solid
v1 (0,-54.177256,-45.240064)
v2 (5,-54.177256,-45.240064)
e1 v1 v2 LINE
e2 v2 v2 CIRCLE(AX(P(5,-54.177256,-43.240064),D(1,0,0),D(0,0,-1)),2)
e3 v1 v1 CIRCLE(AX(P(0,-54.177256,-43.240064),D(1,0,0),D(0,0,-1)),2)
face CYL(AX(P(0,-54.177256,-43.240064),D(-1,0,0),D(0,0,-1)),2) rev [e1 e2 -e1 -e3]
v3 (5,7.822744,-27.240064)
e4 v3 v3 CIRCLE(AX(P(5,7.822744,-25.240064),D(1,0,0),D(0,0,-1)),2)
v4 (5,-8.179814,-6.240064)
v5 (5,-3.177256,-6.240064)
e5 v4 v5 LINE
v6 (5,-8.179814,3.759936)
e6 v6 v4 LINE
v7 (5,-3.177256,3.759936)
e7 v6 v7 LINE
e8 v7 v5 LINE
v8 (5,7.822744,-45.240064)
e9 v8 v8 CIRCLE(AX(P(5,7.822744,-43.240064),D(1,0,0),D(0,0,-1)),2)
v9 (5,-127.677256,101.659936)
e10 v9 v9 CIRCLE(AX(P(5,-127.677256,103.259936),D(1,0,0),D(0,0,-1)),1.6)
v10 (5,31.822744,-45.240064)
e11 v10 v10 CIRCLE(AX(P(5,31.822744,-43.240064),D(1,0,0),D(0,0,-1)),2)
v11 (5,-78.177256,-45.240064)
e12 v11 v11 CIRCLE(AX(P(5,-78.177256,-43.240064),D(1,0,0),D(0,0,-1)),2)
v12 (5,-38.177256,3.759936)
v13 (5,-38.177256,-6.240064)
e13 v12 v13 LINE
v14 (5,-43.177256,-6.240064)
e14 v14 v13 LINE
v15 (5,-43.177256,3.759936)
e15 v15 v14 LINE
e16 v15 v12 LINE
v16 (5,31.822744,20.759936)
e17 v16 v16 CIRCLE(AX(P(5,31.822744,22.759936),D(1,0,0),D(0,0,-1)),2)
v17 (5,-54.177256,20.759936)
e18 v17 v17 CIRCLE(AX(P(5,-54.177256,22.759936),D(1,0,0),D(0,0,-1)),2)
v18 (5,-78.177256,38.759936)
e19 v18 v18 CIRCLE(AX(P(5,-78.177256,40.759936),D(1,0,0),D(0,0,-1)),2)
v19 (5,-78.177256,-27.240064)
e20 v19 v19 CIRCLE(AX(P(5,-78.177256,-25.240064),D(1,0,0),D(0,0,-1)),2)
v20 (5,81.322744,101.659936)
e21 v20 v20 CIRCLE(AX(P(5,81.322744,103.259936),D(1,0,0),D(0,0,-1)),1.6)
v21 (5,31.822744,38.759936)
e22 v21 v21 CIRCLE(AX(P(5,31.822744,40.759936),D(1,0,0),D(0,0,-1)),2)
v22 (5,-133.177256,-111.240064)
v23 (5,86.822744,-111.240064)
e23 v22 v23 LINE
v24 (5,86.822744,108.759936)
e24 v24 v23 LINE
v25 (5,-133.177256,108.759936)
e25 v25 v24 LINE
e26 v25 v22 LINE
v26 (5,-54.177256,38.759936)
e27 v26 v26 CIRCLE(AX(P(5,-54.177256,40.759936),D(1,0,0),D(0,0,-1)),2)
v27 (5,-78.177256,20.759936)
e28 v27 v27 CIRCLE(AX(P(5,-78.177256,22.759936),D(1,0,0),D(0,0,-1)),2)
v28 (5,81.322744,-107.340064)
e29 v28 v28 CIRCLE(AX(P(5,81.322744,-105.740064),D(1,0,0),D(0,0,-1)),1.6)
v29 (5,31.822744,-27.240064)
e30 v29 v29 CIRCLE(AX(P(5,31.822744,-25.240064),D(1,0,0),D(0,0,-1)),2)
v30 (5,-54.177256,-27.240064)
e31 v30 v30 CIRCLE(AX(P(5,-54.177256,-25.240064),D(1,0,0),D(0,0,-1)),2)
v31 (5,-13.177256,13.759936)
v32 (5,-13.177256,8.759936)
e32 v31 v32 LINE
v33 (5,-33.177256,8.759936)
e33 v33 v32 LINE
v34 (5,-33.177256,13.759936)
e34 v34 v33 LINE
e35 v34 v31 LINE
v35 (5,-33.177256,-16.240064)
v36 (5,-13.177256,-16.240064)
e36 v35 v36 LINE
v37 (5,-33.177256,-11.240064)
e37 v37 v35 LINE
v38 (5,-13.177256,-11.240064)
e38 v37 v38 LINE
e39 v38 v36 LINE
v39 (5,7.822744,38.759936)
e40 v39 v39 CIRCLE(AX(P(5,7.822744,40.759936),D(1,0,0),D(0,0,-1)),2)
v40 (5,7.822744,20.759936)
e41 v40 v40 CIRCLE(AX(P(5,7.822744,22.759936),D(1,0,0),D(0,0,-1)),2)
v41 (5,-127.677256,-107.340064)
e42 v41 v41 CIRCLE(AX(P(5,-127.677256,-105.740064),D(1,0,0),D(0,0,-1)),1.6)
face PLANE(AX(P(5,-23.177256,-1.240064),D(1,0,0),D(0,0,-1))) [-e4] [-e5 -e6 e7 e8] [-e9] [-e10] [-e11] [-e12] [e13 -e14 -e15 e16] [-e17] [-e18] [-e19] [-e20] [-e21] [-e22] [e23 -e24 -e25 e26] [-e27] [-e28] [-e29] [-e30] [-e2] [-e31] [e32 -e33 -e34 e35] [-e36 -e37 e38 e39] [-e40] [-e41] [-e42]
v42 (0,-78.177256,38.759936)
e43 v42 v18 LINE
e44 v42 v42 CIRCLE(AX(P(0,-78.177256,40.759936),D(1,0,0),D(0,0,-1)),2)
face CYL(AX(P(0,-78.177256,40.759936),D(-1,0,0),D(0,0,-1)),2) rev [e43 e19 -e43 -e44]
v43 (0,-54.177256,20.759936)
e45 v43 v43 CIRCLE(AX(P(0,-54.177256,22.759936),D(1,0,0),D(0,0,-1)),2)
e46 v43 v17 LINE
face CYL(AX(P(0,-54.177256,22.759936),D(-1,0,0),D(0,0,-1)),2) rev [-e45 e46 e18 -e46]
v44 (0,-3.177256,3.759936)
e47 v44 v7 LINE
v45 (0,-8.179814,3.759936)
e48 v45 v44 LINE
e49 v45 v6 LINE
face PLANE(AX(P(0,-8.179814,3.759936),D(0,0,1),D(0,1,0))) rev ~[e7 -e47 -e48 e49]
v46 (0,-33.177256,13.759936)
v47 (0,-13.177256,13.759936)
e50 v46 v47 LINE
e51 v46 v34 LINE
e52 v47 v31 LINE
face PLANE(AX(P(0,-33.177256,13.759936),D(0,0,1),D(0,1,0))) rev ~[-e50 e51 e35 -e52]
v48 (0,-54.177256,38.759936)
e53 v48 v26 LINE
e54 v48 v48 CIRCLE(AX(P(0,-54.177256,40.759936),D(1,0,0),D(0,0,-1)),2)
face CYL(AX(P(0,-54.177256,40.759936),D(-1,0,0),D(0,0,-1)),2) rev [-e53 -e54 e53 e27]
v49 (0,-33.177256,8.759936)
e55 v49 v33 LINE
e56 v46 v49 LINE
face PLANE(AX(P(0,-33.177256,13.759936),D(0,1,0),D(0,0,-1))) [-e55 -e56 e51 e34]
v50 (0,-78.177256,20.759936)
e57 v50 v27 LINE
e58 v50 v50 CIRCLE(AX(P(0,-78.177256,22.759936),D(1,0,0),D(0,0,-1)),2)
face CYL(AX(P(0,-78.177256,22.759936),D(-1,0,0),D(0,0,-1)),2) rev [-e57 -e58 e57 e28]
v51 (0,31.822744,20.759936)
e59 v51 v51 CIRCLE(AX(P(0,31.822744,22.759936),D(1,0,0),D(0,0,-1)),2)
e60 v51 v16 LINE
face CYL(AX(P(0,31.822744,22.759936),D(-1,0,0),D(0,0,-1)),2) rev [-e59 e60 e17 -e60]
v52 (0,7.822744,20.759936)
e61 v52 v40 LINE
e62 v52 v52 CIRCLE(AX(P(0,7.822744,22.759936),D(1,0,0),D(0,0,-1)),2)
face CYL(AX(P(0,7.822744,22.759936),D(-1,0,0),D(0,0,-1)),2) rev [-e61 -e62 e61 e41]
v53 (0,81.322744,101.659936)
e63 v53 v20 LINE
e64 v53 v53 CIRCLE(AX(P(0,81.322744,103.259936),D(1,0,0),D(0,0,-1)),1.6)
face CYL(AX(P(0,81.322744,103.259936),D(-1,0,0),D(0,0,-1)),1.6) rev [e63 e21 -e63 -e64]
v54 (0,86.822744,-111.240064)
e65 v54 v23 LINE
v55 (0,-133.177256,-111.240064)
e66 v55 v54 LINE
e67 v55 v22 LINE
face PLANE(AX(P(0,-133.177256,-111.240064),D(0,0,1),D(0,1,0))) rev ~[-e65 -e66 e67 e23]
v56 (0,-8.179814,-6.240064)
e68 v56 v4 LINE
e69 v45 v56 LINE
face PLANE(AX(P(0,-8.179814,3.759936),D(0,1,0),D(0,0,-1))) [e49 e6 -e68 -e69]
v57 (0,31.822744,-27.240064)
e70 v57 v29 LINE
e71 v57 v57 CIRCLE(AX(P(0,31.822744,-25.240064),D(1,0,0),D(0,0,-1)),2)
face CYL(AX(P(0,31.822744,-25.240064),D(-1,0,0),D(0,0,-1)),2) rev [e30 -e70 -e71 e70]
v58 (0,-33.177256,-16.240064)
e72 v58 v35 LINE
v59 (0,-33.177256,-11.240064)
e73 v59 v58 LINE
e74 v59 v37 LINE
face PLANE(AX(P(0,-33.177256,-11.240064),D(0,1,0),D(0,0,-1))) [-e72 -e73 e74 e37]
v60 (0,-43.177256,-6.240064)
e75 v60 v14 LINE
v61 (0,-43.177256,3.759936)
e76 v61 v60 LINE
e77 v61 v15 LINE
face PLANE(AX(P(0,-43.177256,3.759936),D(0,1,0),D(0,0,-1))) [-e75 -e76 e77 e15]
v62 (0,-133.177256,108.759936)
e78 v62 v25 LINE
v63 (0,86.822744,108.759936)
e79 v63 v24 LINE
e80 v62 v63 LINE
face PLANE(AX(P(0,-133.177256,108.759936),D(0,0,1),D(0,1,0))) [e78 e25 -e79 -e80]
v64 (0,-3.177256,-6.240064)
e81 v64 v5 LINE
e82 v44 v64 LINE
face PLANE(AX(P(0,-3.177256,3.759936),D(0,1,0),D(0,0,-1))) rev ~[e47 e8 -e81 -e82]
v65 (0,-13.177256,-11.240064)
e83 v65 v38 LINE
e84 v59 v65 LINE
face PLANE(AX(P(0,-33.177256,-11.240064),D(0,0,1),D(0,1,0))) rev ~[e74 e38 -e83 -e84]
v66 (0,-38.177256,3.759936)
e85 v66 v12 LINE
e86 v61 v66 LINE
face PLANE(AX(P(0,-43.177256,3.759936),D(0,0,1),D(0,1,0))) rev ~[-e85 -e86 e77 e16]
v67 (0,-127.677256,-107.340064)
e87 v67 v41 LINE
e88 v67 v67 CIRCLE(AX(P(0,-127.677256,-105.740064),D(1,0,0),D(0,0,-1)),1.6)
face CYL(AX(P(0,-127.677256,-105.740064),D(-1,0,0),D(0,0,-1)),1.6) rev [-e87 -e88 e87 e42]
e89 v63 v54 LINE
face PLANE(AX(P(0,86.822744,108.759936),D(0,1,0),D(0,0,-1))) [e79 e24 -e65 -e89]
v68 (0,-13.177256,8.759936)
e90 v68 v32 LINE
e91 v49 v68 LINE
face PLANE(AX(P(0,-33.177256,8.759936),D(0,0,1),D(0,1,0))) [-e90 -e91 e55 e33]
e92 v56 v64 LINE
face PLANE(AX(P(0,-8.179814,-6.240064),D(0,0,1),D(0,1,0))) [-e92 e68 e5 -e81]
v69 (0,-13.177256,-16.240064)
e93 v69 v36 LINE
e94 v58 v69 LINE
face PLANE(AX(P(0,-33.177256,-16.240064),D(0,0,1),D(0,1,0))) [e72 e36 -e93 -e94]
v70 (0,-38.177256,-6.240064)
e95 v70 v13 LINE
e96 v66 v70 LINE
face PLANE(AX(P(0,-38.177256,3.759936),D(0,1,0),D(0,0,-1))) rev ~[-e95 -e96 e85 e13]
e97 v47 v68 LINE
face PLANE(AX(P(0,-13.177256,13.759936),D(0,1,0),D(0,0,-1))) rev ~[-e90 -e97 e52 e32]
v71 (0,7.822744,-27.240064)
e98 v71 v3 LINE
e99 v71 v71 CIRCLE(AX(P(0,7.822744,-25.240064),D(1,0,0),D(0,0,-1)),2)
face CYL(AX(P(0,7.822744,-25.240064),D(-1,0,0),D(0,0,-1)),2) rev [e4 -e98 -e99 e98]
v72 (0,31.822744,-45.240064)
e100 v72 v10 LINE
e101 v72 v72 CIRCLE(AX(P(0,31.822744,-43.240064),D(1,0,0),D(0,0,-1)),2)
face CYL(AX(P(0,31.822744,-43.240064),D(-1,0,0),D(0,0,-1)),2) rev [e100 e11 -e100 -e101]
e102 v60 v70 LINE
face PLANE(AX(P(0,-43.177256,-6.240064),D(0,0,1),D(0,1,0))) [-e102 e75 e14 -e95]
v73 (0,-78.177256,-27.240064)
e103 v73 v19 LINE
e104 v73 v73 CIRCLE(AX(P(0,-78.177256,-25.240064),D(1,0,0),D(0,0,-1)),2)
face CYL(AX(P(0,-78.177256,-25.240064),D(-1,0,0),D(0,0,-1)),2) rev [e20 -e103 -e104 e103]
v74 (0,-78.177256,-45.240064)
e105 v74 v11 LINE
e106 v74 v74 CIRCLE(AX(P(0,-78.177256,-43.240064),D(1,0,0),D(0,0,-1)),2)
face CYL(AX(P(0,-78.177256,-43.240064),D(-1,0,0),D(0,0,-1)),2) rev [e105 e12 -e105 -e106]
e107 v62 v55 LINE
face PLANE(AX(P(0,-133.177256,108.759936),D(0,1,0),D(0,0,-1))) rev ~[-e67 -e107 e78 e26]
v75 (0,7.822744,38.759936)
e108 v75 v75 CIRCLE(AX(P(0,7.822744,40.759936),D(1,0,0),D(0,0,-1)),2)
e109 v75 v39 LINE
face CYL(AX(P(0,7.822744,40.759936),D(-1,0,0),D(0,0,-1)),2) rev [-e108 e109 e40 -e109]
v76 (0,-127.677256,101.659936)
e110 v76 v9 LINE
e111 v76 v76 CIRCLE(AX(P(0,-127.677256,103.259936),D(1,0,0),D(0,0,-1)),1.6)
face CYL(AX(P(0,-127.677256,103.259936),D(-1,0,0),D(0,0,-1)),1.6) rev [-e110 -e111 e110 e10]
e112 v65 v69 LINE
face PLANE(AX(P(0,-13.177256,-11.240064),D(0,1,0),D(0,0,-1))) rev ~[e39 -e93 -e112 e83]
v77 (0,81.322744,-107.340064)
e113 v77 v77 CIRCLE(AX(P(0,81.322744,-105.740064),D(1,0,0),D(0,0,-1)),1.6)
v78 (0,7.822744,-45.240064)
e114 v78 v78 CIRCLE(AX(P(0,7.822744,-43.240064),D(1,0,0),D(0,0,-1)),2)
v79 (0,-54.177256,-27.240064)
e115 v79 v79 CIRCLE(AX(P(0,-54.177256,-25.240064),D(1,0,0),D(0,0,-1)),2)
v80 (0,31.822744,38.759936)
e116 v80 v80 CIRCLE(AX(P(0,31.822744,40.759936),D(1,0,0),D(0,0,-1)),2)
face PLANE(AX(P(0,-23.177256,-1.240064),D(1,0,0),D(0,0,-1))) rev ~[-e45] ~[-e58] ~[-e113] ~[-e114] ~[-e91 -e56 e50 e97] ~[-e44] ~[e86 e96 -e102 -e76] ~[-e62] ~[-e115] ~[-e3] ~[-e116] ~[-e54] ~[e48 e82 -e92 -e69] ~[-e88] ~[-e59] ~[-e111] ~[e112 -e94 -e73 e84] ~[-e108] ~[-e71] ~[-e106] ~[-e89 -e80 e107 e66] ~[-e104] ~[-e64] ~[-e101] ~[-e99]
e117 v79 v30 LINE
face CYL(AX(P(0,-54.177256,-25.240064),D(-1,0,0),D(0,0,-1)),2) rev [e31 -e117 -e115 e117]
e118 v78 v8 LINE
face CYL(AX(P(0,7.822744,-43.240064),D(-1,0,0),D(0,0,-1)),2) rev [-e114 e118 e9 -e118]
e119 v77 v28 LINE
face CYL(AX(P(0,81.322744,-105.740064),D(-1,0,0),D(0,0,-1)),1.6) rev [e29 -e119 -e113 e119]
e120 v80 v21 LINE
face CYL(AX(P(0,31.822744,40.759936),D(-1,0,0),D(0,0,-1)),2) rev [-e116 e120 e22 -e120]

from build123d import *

# Parameters (mm, degrees)
SKETCH_1_W      = 220
SKETCH_1_H      = 220
SKETCH_1_R      = 2
SKETCH_1_R_2    = 1.6
SKETCH_1_W_2    = 5
SKETCH_1_H_2    = 20
SKETCH_1_W_3    = 10
SKETCH_1_H_3    = 5.002557866
SKETCH_1_H_4    = 5
EXTRUDE_1_DEPTH = 5


with BuildPart() as part:
    # 草图1 → 凸台-拉伸1 (new body)
    with BuildSketch(Plane(origin=(0, 0, 0), x_dir=(0, 0, -1), z_dir=(1, 0, 0))):
        with Locations((1.240063593, -23.177255758)):
            Rectangle(SKETCH_1_W, SKETCH_1_H)
        with Locations((-22.759936407, 7.822744242)):
            Circle(SKETCH_1_R, mode=Mode.SUBTRACT)
        with Locations((-40.759936407, 7.822744242)):
            Circle(SKETCH_1_R, mode=Mode.SUBTRACT)
        with Locations((-40.759936407, 31.822744242)):
            Circle(SKETCH_1_R, mode=Mode.SUBTRACT)
        with Locations((-22.759936407, 31.822744242)):
            Circle(SKETCH_1_R, mode=Mode.SUBTRACT)
        with Locations((-22.759936407, -78.177255758)):
            Circle(SKETCH_1_R, mode=Mode.SUBTRACT)
        with Locations((-40.759936407, -78.177255758)):
            Circle(SKETCH_1_R, mode=Mode.SUBTRACT)
        with Locations((-40.759936407, -54.177255758)):
            Circle(SKETCH_1_R, mode=Mode.SUBTRACT)
        with Locations((-22.759936407, -54.177255758)):
            Circle(SKETCH_1_R, mode=Mode.SUBTRACT)
        with Locations((43.240063593, 7.822744242)):
            Circle(SKETCH_1_R, mode=Mode.SUBTRACT)
        with Locations((25.240063593, 7.822744242)):
            Circle(SKETCH_1_R, mode=Mode.SUBTRACT)
        with Locations((25.240063593, 31.822744242)):
            Circle(SKETCH_1_R, mode=Mode.SUBTRACT)
        with Locations((43.240063593, 31.822744242)):
            Circle(SKETCH_1_R, mode=Mode.SUBTRACT)
        with Locations((43.240063593, -78.177255758)):
            Circle(SKETCH_1_R, mode=Mode.SUBTRACT)
        with Locations((25.240063593, -78.177255758)):
            Circle(SKETCH_1_R, mode=Mode.SUBTRACT)
        with Locations((25.240063593, -54.177255758)):
            Circle(SKETCH_1_R, mode=Mode.SUBTRACT)
        with Locations((43.240063593, -54.177255758)):
            Circle(SKETCH_1_R, mode=Mode.SUBTRACT)
        with Locations((105.740063593, 81.322744242)):
            Circle(SKETCH_1_R_2, mode=Mode.SUBTRACT)
        with Locations((-103.259936407, 81.322744242)):
            Circle(SKETCH_1_R_2, mode=Mode.SUBTRACT)
        with Locations((-103.259936407, -127.677255758)):
            Circle(SKETCH_1_R_2, mode=Mode.SUBTRACT)
        with Locations((105.740063593, -127.677255758)):
            Circle(SKETCH_1_R_2, mode=Mode.SUBTRACT)
        with Locations((13.740063593, -23.177255758)):
            Rectangle(SKETCH_1_W_2, SKETCH_1_H_2, mode=Mode.SUBTRACT)
        with Locations((-11.259936407, -23.177255758)):
            Rectangle(SKETCH_1_W_2, SKETCH_1_H_2, mode=Mode.SUBTRACT)
        with Locations((1.240063593, -5.678534691)):
            Rectangle(SKETCH_1_W_3, SKETCH_1_H_3, mode=Mode.SUBTRACT)
        with Locations((1.240063593, -40.677255758)):
            Rectangle(SKETCH_1_W_3, SKETCH_1_H_4, mode=Mode.SUBTRACT)
    extrude(amount=EXTRUDE_1_DEPTH)


solid = part.part
